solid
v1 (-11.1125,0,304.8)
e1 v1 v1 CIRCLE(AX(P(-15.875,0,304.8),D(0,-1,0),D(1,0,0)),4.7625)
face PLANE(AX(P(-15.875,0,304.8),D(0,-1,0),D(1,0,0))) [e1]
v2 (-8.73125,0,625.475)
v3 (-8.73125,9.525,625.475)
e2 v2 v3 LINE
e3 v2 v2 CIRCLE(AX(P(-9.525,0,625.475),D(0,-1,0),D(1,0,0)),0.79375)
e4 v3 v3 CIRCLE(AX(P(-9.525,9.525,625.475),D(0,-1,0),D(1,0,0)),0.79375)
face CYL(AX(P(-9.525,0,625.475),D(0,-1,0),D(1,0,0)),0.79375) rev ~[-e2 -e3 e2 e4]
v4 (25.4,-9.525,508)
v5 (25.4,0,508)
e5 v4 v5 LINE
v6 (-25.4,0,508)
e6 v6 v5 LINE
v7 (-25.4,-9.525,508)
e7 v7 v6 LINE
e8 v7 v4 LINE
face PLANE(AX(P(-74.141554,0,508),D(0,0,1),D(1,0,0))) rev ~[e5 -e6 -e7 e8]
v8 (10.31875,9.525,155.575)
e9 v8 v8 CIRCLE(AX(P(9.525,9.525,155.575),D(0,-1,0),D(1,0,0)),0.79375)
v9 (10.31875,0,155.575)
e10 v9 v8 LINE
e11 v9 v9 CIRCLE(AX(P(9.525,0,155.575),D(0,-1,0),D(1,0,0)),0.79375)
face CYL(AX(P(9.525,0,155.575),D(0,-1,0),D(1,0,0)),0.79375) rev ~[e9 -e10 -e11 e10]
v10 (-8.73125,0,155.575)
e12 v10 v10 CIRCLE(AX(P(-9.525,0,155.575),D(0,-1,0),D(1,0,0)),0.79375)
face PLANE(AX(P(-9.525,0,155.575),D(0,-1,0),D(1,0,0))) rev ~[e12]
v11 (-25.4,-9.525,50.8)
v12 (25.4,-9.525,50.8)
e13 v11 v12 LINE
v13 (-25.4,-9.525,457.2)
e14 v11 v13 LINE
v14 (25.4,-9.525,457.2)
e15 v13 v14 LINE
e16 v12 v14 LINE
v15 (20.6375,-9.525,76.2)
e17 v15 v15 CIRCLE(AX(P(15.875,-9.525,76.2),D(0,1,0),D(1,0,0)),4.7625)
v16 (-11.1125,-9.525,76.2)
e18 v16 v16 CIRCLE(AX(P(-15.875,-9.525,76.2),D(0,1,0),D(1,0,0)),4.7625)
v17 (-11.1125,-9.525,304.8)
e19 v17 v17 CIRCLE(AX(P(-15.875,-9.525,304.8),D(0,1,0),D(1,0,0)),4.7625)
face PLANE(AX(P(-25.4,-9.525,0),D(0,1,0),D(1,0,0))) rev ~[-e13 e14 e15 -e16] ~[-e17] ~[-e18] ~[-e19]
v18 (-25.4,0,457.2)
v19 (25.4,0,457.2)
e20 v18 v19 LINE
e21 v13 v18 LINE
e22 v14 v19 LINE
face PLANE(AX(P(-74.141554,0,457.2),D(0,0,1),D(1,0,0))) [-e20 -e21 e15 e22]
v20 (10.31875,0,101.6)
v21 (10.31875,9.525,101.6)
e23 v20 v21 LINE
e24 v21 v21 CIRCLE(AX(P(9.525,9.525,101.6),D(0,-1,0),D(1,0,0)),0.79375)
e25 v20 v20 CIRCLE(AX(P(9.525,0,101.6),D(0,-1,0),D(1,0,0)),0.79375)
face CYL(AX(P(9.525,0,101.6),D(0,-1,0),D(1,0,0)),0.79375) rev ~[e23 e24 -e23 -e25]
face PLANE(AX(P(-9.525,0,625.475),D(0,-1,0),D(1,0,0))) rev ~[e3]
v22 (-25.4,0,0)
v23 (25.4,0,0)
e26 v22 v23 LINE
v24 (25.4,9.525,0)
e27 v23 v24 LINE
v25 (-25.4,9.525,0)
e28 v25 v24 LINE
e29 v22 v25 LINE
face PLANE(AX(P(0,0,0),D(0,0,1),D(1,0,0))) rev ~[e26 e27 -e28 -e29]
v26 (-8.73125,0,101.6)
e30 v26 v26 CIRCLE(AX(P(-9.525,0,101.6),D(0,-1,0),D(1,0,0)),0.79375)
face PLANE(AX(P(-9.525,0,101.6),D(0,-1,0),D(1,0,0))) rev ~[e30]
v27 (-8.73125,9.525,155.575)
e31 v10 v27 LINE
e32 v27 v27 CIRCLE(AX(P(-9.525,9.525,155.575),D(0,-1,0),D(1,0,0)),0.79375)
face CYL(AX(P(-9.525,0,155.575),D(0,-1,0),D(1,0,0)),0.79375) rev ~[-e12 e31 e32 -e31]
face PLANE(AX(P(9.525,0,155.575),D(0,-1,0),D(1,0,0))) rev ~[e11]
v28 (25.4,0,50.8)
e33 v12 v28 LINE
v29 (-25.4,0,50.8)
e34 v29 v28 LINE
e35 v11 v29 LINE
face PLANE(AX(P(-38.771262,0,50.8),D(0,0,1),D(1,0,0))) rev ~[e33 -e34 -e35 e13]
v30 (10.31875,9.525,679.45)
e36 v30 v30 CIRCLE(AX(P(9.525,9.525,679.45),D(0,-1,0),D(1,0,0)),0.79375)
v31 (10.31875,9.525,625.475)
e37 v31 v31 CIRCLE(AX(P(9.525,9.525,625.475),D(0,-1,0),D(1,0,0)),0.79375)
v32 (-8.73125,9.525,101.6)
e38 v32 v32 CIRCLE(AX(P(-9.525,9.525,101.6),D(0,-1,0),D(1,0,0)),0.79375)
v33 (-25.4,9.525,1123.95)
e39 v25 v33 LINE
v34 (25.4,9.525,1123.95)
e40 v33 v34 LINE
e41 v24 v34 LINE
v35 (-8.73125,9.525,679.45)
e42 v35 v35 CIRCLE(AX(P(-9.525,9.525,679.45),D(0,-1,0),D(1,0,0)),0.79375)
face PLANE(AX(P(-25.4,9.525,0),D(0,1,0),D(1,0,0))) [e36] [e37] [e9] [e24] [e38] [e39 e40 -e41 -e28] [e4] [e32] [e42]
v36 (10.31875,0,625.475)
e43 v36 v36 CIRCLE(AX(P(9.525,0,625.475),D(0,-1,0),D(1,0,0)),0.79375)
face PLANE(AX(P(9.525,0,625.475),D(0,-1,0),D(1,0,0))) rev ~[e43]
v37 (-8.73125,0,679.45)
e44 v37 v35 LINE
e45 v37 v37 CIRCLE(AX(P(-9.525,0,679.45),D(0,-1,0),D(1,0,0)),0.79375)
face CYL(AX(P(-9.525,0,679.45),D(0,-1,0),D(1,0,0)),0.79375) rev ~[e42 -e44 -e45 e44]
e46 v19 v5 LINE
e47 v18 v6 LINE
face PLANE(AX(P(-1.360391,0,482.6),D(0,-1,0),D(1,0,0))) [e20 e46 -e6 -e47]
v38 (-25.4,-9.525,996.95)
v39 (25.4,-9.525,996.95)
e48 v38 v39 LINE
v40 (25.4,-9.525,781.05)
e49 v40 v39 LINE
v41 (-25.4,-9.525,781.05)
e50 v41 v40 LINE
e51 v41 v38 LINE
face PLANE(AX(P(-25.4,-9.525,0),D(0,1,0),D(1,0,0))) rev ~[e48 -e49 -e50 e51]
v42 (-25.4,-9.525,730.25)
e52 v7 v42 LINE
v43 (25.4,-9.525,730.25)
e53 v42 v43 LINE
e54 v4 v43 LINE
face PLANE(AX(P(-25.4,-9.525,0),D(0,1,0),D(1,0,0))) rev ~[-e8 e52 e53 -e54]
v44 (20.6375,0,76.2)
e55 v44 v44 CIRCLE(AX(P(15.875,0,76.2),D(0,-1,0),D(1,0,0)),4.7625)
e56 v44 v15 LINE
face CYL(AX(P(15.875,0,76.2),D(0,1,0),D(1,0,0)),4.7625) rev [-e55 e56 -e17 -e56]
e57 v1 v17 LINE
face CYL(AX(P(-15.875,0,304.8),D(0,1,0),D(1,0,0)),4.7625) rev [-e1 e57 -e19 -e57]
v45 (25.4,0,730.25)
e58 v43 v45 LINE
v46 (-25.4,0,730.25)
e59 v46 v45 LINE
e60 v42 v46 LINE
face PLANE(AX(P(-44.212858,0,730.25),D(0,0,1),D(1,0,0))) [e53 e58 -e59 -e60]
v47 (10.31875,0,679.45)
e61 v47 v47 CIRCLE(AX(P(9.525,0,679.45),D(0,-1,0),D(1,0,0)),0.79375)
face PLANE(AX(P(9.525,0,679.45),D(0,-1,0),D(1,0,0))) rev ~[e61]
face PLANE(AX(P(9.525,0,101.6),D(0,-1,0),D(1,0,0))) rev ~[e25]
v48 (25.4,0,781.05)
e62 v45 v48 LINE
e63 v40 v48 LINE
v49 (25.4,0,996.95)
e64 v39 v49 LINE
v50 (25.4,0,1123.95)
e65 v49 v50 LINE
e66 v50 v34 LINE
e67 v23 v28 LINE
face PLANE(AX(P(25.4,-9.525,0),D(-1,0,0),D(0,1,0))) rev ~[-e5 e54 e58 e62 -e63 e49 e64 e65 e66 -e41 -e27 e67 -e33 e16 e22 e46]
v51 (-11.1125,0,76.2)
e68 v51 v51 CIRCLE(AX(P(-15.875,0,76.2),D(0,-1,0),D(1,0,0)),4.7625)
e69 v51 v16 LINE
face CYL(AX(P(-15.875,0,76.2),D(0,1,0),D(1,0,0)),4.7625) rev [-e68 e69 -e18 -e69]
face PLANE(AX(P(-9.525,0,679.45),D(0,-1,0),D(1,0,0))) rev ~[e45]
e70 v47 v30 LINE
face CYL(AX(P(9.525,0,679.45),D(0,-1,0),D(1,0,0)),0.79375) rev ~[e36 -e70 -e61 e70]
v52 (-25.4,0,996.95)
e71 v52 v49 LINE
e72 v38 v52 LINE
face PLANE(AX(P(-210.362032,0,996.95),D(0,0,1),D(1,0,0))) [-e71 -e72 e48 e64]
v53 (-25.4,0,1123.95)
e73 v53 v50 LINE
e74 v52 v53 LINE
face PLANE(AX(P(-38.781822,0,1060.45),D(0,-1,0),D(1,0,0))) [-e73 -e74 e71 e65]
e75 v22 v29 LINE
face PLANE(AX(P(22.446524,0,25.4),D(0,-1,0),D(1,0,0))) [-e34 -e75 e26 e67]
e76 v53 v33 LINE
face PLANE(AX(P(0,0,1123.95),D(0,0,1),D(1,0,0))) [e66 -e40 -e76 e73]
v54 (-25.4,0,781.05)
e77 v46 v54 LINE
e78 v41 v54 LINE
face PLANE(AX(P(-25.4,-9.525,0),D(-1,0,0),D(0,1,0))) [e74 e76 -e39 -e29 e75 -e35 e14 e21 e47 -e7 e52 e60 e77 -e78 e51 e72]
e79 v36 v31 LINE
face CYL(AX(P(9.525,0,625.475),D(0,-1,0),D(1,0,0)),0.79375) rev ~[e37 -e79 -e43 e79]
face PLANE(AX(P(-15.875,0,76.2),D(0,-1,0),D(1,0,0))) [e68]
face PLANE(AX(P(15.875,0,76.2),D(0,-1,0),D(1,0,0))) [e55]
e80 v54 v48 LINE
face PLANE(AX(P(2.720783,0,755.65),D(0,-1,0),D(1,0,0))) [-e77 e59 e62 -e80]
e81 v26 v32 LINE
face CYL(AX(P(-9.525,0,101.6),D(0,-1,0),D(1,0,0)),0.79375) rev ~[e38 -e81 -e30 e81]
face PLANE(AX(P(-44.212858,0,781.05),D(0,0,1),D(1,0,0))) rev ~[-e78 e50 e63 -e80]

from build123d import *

# Parameters (mm, degrees)
F0_W     = 50.8
F0_H     = 19.05
F1_DEPTH = 1123.95
F2_W     = 122.435573
F2_H     = 50.8
F2_W_2   = 93.867282
F2_W_3   = 145.562325
F2_W_4   = 343.160421
F2_H_2   = 127
F3_DEPTH = 25.4
F4_R     = 0.79375
F5_DEPTH = 25.4
F6_R     = 4.7625
F7_DEPTH = 25.4


with BuildPart() as f1:
    # F0 (on Top) → F1 (new body)
    with BuildSketch(Plane.XY):
        Rectangle(F0_W, F0_H)
    extrude(amount=F1_DEPTH)

    # F2 (on Front) → F3 (cut)
    with BuildSketch(Plane.XZ):
        with Locations((22.446524, 25.4)):
            Rectangle(F2_W, F2_H)
        with Locations((2.720783, 755.65)):
            Rectangle(F2_W_2, F2_H)
        with Locations((-1.360391, 482.6)):
            Rectangle(F2_W_3, F2_H)
        with Locations((-38.781822, 1060.45)):
            Rectangle(F2_W_4, F2_H_2)
    extrude(amount=F3_DEPTH, mode=Mode.SUBTRACT)

    # F4 (on Front) → F5 (cut)
    with BuildSketch(Plane.XZ):
        with Locations((9.525, 101.6)):
            Circle(F4_R)
        with Locations((9.525, 155.575)):
            Circle(F4_R)
        with Locations((9.525, 625.475)):
            Circle(F4_R)
        with Locations((9.525, 679.45)):
            Circle(F4_R)
        with Locations((-9.525, 625.475)):
            Circle(F4_R)
        with Locations((-9.525, 679.45)):
            Circle(F4_R)
        with Locations((-9.525, 101.6)):
            Circle(F4_R)
        with Locations((-9.525, 155.575)):
            Circle(F4_R)
    extrude(amount=-F5_DEPTH, mode=Mode.SUBTRACT)

    # F6 (on Front) → F7 (cut)
    with BuildSketch(Plane.XZ):
        with Locations((15.875, 76.2)):
            Circle(F6_R)
        with Locations((-15.875, 76.2)):
            Circle(F6_R)
        with Locations((-15.875, 304.8)):
            Circle(F6_R)
    extrude(amount=F7_DEPTH, mode=Mode.SUBTRACT)


solid = f1.part
